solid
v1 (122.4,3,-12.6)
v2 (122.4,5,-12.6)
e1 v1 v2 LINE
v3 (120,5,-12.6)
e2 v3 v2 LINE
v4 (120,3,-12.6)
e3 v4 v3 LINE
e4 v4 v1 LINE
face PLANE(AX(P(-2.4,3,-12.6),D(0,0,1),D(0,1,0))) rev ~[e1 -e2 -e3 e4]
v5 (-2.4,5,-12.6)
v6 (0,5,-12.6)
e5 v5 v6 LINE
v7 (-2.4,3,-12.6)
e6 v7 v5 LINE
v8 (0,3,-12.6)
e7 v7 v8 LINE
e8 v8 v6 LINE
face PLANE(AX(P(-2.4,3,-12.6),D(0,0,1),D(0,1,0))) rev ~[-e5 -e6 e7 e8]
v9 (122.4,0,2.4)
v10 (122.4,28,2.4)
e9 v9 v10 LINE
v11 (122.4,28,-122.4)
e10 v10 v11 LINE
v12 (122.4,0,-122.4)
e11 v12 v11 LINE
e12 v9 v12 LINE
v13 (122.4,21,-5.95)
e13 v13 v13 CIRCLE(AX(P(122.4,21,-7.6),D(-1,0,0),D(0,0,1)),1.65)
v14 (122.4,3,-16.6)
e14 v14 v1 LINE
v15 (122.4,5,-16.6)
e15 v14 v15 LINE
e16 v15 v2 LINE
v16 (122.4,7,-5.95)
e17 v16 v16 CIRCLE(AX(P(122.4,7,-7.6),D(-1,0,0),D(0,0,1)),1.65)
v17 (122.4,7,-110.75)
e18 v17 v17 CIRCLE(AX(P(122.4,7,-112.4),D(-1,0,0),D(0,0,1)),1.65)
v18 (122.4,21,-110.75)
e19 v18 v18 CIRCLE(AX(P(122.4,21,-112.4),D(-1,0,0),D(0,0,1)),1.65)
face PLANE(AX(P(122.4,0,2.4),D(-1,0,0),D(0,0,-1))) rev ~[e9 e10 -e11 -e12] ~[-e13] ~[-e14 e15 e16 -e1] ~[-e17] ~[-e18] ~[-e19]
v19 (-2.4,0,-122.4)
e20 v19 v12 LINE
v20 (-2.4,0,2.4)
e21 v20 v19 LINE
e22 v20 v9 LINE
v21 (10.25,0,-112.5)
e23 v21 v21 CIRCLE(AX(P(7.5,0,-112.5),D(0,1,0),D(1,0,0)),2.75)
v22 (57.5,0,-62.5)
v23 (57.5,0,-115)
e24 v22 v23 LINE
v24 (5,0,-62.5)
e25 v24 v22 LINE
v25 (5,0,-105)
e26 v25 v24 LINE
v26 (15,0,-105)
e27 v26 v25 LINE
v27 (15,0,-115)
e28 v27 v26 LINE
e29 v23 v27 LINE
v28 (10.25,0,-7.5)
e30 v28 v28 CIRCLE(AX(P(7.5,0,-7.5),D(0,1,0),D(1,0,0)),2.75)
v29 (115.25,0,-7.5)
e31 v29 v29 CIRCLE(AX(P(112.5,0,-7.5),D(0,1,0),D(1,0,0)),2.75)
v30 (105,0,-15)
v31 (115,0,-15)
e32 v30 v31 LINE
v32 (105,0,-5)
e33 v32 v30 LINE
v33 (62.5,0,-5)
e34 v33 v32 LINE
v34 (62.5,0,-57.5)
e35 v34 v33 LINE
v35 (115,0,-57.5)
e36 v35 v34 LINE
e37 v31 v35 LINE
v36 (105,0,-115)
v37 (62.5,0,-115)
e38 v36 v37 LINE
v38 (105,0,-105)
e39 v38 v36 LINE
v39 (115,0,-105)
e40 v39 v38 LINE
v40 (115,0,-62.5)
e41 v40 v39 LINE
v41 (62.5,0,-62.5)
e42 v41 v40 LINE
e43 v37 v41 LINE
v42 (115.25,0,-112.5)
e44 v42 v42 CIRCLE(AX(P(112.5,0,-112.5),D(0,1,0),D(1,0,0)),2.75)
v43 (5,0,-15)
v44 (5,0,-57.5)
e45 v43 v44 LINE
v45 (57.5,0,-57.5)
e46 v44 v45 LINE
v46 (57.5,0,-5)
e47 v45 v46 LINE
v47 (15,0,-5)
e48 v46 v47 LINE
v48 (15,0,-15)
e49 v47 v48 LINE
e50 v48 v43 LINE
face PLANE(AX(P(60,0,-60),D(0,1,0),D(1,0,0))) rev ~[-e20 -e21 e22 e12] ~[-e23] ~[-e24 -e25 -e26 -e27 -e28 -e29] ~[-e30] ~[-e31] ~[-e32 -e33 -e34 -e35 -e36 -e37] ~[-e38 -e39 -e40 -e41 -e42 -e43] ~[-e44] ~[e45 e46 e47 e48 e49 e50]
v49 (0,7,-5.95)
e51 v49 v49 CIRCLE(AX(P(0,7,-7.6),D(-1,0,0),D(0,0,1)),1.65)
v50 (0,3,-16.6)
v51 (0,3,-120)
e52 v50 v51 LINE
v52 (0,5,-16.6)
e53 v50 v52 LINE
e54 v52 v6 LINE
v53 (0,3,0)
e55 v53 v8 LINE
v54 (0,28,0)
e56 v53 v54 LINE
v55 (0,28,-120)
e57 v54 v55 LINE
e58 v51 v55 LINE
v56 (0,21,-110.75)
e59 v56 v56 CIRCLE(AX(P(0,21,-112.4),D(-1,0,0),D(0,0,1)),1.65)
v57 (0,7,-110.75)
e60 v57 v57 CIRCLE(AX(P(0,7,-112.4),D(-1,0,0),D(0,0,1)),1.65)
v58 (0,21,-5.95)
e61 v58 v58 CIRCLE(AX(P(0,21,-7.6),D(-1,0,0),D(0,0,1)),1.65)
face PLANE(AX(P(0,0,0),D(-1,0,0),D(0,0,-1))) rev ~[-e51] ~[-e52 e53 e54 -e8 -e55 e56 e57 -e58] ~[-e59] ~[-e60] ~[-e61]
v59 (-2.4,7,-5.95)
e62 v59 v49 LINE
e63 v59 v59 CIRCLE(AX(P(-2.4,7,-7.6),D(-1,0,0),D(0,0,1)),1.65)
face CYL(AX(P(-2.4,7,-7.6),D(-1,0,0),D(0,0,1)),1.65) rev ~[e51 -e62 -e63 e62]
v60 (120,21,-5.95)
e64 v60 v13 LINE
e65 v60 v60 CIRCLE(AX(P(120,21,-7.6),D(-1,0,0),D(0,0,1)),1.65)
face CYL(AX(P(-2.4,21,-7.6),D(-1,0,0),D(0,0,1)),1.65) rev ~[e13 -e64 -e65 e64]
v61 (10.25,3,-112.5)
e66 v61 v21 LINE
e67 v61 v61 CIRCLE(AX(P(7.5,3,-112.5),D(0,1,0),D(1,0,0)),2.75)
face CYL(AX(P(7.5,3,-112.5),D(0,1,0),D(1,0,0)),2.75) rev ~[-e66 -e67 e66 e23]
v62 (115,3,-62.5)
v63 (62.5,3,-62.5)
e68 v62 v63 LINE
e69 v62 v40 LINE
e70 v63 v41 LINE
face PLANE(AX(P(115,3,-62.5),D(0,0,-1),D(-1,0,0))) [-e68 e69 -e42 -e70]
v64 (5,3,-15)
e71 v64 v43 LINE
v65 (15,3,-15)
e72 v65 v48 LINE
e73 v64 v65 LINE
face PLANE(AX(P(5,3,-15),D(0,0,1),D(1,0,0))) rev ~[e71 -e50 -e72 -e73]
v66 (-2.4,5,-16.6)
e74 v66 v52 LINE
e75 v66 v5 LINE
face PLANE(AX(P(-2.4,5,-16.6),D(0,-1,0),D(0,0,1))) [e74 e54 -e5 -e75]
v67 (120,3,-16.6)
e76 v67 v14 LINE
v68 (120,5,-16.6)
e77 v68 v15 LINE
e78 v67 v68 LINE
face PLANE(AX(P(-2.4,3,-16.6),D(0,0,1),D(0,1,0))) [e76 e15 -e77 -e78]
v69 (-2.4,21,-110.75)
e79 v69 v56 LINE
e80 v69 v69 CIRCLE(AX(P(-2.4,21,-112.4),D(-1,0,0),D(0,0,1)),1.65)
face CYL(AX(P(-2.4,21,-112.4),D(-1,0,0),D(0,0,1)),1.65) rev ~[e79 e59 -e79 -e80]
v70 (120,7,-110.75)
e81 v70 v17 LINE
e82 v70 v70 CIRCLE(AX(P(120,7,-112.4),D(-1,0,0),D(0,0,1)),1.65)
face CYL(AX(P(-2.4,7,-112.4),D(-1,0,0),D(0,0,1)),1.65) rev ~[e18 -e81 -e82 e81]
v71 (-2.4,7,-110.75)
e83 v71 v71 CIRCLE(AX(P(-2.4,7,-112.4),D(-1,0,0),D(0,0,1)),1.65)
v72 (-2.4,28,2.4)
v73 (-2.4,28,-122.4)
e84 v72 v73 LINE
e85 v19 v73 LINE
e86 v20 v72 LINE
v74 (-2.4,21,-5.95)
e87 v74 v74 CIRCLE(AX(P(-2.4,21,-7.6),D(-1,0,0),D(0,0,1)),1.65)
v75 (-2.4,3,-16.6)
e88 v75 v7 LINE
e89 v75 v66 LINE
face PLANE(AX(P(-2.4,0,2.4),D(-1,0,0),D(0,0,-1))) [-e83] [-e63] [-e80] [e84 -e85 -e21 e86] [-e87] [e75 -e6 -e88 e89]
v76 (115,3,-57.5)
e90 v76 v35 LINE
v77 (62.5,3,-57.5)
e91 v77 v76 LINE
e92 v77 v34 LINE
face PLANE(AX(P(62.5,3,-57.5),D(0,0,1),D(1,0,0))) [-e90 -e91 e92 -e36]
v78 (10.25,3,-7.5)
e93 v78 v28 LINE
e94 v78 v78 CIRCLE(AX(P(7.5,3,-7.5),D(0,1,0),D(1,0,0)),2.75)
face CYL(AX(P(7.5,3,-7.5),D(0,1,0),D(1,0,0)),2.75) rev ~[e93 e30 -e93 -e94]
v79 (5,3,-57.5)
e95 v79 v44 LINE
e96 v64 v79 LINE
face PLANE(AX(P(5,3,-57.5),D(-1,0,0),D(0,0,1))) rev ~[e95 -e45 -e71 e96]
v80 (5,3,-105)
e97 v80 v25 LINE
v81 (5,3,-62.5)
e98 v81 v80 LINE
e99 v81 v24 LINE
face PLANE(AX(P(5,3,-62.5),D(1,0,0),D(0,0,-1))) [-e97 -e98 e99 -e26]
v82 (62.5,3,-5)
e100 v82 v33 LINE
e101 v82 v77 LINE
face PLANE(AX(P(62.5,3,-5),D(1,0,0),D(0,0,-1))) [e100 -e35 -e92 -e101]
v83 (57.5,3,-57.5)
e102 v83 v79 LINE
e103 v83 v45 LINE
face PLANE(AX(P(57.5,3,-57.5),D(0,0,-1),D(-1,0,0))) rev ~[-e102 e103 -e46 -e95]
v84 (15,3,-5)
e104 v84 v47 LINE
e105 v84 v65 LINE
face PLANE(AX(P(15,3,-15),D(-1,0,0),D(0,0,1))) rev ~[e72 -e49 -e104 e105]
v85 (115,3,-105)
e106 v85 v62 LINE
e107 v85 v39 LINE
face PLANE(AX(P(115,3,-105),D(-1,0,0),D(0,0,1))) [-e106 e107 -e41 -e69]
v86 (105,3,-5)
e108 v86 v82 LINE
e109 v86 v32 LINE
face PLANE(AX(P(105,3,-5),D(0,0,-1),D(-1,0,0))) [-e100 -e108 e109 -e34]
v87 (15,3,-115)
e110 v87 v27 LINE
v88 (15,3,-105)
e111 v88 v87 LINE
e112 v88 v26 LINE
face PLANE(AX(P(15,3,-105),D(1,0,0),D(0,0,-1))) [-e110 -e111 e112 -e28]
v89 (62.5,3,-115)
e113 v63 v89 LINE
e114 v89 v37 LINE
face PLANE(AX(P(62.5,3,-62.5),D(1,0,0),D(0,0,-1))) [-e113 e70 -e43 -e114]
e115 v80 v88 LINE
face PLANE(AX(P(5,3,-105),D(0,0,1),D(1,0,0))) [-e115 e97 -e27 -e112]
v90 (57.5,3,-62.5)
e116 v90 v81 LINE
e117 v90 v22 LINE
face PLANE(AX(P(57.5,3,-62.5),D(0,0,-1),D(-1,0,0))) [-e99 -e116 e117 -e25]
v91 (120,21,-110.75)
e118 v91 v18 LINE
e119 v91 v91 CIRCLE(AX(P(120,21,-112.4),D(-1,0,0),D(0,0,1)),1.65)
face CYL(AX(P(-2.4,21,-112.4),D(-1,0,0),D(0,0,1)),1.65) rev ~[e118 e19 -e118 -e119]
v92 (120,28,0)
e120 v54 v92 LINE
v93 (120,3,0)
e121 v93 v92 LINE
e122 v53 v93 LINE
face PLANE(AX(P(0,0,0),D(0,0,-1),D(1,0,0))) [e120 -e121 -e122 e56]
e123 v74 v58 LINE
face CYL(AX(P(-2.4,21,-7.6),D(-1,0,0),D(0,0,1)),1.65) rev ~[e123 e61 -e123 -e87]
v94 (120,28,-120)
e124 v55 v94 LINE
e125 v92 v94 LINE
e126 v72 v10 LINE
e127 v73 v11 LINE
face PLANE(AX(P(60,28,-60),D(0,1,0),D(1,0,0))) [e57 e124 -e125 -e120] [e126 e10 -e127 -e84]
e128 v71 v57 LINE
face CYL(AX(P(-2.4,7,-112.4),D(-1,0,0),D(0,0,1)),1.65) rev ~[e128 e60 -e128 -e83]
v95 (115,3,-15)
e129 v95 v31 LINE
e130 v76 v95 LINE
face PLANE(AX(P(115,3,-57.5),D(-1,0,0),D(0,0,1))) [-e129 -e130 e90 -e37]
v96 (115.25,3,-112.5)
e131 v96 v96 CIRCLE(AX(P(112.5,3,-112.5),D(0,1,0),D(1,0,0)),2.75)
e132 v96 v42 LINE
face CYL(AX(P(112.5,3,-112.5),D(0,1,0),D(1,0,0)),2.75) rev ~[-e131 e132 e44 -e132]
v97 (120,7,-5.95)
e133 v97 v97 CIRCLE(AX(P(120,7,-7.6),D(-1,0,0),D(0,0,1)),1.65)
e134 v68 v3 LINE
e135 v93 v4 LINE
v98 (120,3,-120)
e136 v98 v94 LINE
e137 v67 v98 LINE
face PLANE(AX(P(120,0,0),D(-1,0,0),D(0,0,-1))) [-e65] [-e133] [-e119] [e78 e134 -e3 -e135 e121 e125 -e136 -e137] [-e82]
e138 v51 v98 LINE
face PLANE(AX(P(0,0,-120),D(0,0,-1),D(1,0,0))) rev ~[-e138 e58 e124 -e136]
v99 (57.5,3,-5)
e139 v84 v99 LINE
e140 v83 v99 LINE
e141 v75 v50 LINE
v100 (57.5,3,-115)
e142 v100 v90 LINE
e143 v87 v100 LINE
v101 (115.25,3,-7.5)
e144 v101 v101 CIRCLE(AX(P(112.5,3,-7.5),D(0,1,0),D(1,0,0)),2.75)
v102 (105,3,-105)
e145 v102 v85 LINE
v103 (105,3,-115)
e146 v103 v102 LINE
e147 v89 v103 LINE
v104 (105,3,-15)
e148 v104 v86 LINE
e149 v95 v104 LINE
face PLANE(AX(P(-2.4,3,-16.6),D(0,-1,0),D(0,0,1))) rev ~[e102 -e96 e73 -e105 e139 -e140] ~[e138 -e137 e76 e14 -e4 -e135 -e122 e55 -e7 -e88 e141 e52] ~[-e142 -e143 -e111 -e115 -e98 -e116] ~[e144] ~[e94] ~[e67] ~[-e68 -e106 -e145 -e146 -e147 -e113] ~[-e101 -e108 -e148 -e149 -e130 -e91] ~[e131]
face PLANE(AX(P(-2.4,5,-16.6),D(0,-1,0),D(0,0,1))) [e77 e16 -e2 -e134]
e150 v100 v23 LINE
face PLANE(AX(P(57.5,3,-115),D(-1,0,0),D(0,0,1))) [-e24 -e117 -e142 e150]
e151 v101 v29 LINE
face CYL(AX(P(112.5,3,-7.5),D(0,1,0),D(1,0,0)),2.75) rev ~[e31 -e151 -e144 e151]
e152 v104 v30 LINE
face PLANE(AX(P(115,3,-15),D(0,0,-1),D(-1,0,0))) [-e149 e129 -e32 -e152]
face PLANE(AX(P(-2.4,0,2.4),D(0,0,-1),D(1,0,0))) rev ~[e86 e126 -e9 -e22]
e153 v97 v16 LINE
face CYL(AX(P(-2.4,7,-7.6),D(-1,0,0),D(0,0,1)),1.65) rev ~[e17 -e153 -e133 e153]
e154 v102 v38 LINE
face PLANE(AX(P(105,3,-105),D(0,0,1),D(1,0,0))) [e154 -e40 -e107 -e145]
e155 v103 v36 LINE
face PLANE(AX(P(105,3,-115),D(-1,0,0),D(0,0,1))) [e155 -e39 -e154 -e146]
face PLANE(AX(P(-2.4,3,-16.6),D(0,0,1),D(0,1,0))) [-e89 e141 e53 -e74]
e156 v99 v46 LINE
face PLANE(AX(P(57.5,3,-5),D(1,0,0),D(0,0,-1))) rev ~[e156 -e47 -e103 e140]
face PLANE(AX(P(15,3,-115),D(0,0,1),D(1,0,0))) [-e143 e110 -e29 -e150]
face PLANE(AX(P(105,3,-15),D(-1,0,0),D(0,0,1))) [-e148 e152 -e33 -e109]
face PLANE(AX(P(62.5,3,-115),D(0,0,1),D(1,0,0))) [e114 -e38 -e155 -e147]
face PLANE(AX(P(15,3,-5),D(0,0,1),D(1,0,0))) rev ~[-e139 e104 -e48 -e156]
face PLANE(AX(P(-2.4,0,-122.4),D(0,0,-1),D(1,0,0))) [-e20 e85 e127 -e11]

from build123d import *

# Parameters (mm, degrees)
SKETCH1_W                      = 120
SKETCH1_H                      = 120
BOSS_EXTRUDE1_DEPTH            = 3
CUT_EXTRUDE1_REACH             = 5
CUT_EXTRUDE1_DIRECTION_2_DEPTH = 1
CUT_EXTRUDE2_REACH             = 5
SKETCH3_R                      = 2.75
SKETCH5_W                      = 124.8
SKETCH5_H                      = 124.8
SKETCH5_W_2                    = 120
SKETCH5_H_2                    = 120
BOSS_EXTRUDE2_DEPTH            = 28
SKETCH6_R                      = 1.65
CUT_EXTRUDE3_DEPTH             = 125.8
SKETCH7_W                      = 4
SKETCH7_H                      = 2
CUT_EXTRUDE4_DEPTH             = 125.8


with BuildPart() as part:
    # Sketch1 → Boss-Extrude1 (new body)
    with BuildSketch(Plane(origin=(0, 0, 0), x_dir=(1, 0, 0), z_dir=(0, 1, 0))):
        with Locations((60, 60)):
            Rectangle(SKETCH1_W, SKETCH1_H)
    extrude(amount=BOSS_EXTRUDE1_DEPTH)

    # Sketch2 → Cut-Extrude1 (cut, up to next)
    with BuildSketch(Plane(origin=(0, 3, 0), x_dir=(1, 0, 0), z_dir=(0, 1, 0)), mode=Mode.PRIVATE) as cut_extrude1_sk1:
        Polygon((15, 115), (57.5, 115), (57.5, 62.5), (5, 62.5), (5, 105), (15, 105), align=None)
    cut_extrude1_tool1 = extrude(cut_extrude1_sk1.sketch, amount=-CUT_EXTRUDE1_REACH, mode=Mode.PRIVATE) & part.part
    add(cut_extrude1_tool1.solids().sort_by_distance((32.05, 3, -87.95))[0], mode=Mode.SUBTRACT)
    # Sketch2 → Cut-Extrude1 (cut, up to next)
    with BuildSketch(Plane(origin=(0, 3, 0), x_dir=(1, 0, 0), z_dir=(0, 1, 0)), mode=Mode.PRIVATE) as cut_extrude1_sk2:
        Polygon((62.5, 5), (62.5, 57.5), (115, 57.5), (115, 15), (105, 15), (105, 5), align=None)
    cut_extrude1_tool2 = extrude(cut_extrude1_sk2.sketch, amount=-CUT_EXTRUDE1_REACH, mode=Mode.PRIVATE) & part.part
    add(cut_extrude1_tool2.solids().sort_by_distance((87.95, 3, -32.05))[0], mode=Mode.SUBTRACT)
    # Sketch2 → Cut-Extrude1 (cut, up to next)
    with BuildSketch(Plane(origin=(0, 3, 0), x_dir=(1, 0, 0), z_dir=(0, 1, 0)), mode=Mode.PRIVATE) as cut_extrude1_sk3:
        Polygon((15, 5), (57.5, 5), (57.5, 57.5), (5, 57.5), (5, 15), (15, 15), align=None)
    cut_extrude1_tool3 = extrude(cut_extrude1_sk3.sketch, amount=-CUT_EXTRUDE1_REACH, mode=Mode.PRIVATE) & part.part
    add(cut_extrude1_tool3.solids().sort_by_distance((32.05, 3, -32.05))[0], mode=Mode.SUBTRACT)
    # Sketch2 → Cut-Extrude1 (cut, up to next)
    with BuildSketch(Plane(origin=(0, 3, 0), x_dir=(1, 0, 0), z_dir=(0, 1, 0)), mode=Mode.PRIVATE) as cut_extrude1_sk4:
        Polygon((115, 62.5), (62.5, 62.5), (62.5, 115), (105, 115), (105, 105), (115, 105), align=None)
    cut_extrude1_tool4 = extrude(cut_extrude1_sk4.sketch, amount=-CUT_EXTRUDE1_REACH, mode=Mode.PRIVATE) & part.part
    add(cut_extrude1_tool4.solids().sort_by_distance((87.95, 3, -87.95))[0], mode=Mode.SUBTRACT)

    # Sketch2 → Cut-Extrude1 direction 2 (cut)
    with BuildSketch(Plane(origin=(0, 3, 0), x_dir=(1, 0, 0), z_dir=(0, 1, 0))):
        Polygon((15, 115), (57.5, 115), (57.5, 62.5), (5, 62.5), (5, 105), (15, 105), align=None)
        Polygon((62.5, 5), (62.5, 57.5), (115, 57.5), (115, 15), (105, 15), (105, 5), align=None)
        Polygon((15, 5), (57.5, 5), (57.5, 57.5), (5, 57.5), (5, 15), (15, 15), align=None)
        Polygon((115, 62.5), (62.5, 62.5), (62.5, 115), (105, 115), (105, 105), (115, 105), align=None)
    extrude(amount=CUT_EXTRUDE1_DIRECTION_2_DEPTH, mode=Mode.SUBTRACT)

    # Sketch3 → Cut-Extrude2 (cut, up to next)
    with BuildSketch(Plane(origin=(0, 3, 0), x_dir=(1, 0, 0), z_dir=(0, 1, 0)), mode=Mode.PRIVATE) as cut_extrude2_sk1:
        with Locations((7.5, 112.5)):
            Circle(SKETCH3_R)
    cut_extrude2_tool1 = extrude(cut_extrude2_sk1.sketch, amount=-CUT_EXTRUDE2_REACH, mode=Mode.PRIVATE) & part.part
    add(cut_extrude2_tool1.solids().sort_by_distance((7.5, 3, -112.5))[0], mode=Mode.SUBTRACT)
    # Sketch3 → Cut-Extrude2 (cut, up to next)
    with BuildSketch(Plane(origin=(0, 3, 0), x_dir=(1, 0, 0), z_dir=(0, 1, 0)), mode=Mode.PRIVATE) as cut_extrude2_sk2:
        with Locations((112.5, 112.5)):
            Circle(SKETCH3_R)
    cut_extrude2_tool2 = extrude(cut_extrude2_sk2.sketch, amount=-CUT_EXTRUDE2_REACH, mode=Mode.PRIVATE) & part.part
    add(cut_extrude2_tool2.solids().sort_by_distance((112.5, 3, -112.5))[0], mode=Mode.SUBTRACT)
    # Sketch3 → Cut-Extrude2 (cut, up to next)
    with BuildSketch(Plane(origin=(0, 3, 0), x_dir=(1, 0, 0), z_dir=(0, 1, 0)), mode=Mode.PRIVATE) as cut_extrude2_sk3:
        with Locations((112.5, 7.5)):
            Circle(SKETCH3_R)
    cut_extrude2_tool3 = extrude(cut_extrude2_sk3.sketch, amount=-CUT_EXTRUDE2_REACH, mode=Mode.PRIVATE) & part.part
    add(cut_extrude2_tool3.solids().sort_by_distance((112.5, 3, -7.5))[0], mode=Mode.SUBTRACT)
    # Sketch3 → Cut-Extrude2 (cut, up to next)
    with BuildSketch(Plane(origin=(0, 3, 0), x_dir=(1, 0, 0), z_dir=(0, 1, 0)), mode=Mode.PRIVATE) as cut_extrude2_sk4:
        with Locations((7.5, 7.5)):
            Circle(SKETCH3_R)
    cut_extrude2_tool4 = extrude(cut_extrude2_sk4.sketch, amount=-CUT_EXTRUDE2_REACH, mode=Mode.PRIVATE) & part.part
    add(cut_extrude2_tool4.solids().sort_by_distance((7.5, 3, -7.5))[0], mode=Mode.SUBTRACT)

    # Sketch5 → Boss-Extrude2 (add)
    with BuildSketch(Plane(origin=(0, 0, 0), x_dir=(1, 0, 0), z_dir=(0, 1, 0))):
        with Locations((60, 60)):
            Rectangle(SKETCH5_W, SKETCH5_H)
        with Locations((60, 60)):
            Rectangle(SKETCH5_W_2, SKETCH5_H_2, mode=Mode.SUBTRACT)
    extrude(amount=BOSS_EXTRUDE2_DEPTH)

    # Sketch6 → Cut-Extrude3 (cut, through all)
    with BuildSketch(Plane.ZY.offset(2.4)):
        with Locations((-112.4, 21)):
            Circle(SKETCH6_R)
        with Locations((-112.4, 7)):
            Circle(SKETCH6_R)
        with Locations((-7.6, 7)):
            Circle(SKETCH6_R)
        with Locations((-7.6, 21)):
            Circle(SKETCH6_R)
    extrude(amount=-CUT_EXTRUDE3_DEPTH, mode=Mode.SUBTRACT)

    # Sketch7 → Cut-Extrude4 (cut, through all)
    with BuildSketch(Plane.ZY.offset(2.4)):
        with Locations((-14.6, 4)):
            Rectangle(SKETCH7_W, SKETCH7_H)
    extrude(amount=-CUT_EXTRUDE4_DEPTH, mode=Mode.SUBTRACT)


solid = part.part
